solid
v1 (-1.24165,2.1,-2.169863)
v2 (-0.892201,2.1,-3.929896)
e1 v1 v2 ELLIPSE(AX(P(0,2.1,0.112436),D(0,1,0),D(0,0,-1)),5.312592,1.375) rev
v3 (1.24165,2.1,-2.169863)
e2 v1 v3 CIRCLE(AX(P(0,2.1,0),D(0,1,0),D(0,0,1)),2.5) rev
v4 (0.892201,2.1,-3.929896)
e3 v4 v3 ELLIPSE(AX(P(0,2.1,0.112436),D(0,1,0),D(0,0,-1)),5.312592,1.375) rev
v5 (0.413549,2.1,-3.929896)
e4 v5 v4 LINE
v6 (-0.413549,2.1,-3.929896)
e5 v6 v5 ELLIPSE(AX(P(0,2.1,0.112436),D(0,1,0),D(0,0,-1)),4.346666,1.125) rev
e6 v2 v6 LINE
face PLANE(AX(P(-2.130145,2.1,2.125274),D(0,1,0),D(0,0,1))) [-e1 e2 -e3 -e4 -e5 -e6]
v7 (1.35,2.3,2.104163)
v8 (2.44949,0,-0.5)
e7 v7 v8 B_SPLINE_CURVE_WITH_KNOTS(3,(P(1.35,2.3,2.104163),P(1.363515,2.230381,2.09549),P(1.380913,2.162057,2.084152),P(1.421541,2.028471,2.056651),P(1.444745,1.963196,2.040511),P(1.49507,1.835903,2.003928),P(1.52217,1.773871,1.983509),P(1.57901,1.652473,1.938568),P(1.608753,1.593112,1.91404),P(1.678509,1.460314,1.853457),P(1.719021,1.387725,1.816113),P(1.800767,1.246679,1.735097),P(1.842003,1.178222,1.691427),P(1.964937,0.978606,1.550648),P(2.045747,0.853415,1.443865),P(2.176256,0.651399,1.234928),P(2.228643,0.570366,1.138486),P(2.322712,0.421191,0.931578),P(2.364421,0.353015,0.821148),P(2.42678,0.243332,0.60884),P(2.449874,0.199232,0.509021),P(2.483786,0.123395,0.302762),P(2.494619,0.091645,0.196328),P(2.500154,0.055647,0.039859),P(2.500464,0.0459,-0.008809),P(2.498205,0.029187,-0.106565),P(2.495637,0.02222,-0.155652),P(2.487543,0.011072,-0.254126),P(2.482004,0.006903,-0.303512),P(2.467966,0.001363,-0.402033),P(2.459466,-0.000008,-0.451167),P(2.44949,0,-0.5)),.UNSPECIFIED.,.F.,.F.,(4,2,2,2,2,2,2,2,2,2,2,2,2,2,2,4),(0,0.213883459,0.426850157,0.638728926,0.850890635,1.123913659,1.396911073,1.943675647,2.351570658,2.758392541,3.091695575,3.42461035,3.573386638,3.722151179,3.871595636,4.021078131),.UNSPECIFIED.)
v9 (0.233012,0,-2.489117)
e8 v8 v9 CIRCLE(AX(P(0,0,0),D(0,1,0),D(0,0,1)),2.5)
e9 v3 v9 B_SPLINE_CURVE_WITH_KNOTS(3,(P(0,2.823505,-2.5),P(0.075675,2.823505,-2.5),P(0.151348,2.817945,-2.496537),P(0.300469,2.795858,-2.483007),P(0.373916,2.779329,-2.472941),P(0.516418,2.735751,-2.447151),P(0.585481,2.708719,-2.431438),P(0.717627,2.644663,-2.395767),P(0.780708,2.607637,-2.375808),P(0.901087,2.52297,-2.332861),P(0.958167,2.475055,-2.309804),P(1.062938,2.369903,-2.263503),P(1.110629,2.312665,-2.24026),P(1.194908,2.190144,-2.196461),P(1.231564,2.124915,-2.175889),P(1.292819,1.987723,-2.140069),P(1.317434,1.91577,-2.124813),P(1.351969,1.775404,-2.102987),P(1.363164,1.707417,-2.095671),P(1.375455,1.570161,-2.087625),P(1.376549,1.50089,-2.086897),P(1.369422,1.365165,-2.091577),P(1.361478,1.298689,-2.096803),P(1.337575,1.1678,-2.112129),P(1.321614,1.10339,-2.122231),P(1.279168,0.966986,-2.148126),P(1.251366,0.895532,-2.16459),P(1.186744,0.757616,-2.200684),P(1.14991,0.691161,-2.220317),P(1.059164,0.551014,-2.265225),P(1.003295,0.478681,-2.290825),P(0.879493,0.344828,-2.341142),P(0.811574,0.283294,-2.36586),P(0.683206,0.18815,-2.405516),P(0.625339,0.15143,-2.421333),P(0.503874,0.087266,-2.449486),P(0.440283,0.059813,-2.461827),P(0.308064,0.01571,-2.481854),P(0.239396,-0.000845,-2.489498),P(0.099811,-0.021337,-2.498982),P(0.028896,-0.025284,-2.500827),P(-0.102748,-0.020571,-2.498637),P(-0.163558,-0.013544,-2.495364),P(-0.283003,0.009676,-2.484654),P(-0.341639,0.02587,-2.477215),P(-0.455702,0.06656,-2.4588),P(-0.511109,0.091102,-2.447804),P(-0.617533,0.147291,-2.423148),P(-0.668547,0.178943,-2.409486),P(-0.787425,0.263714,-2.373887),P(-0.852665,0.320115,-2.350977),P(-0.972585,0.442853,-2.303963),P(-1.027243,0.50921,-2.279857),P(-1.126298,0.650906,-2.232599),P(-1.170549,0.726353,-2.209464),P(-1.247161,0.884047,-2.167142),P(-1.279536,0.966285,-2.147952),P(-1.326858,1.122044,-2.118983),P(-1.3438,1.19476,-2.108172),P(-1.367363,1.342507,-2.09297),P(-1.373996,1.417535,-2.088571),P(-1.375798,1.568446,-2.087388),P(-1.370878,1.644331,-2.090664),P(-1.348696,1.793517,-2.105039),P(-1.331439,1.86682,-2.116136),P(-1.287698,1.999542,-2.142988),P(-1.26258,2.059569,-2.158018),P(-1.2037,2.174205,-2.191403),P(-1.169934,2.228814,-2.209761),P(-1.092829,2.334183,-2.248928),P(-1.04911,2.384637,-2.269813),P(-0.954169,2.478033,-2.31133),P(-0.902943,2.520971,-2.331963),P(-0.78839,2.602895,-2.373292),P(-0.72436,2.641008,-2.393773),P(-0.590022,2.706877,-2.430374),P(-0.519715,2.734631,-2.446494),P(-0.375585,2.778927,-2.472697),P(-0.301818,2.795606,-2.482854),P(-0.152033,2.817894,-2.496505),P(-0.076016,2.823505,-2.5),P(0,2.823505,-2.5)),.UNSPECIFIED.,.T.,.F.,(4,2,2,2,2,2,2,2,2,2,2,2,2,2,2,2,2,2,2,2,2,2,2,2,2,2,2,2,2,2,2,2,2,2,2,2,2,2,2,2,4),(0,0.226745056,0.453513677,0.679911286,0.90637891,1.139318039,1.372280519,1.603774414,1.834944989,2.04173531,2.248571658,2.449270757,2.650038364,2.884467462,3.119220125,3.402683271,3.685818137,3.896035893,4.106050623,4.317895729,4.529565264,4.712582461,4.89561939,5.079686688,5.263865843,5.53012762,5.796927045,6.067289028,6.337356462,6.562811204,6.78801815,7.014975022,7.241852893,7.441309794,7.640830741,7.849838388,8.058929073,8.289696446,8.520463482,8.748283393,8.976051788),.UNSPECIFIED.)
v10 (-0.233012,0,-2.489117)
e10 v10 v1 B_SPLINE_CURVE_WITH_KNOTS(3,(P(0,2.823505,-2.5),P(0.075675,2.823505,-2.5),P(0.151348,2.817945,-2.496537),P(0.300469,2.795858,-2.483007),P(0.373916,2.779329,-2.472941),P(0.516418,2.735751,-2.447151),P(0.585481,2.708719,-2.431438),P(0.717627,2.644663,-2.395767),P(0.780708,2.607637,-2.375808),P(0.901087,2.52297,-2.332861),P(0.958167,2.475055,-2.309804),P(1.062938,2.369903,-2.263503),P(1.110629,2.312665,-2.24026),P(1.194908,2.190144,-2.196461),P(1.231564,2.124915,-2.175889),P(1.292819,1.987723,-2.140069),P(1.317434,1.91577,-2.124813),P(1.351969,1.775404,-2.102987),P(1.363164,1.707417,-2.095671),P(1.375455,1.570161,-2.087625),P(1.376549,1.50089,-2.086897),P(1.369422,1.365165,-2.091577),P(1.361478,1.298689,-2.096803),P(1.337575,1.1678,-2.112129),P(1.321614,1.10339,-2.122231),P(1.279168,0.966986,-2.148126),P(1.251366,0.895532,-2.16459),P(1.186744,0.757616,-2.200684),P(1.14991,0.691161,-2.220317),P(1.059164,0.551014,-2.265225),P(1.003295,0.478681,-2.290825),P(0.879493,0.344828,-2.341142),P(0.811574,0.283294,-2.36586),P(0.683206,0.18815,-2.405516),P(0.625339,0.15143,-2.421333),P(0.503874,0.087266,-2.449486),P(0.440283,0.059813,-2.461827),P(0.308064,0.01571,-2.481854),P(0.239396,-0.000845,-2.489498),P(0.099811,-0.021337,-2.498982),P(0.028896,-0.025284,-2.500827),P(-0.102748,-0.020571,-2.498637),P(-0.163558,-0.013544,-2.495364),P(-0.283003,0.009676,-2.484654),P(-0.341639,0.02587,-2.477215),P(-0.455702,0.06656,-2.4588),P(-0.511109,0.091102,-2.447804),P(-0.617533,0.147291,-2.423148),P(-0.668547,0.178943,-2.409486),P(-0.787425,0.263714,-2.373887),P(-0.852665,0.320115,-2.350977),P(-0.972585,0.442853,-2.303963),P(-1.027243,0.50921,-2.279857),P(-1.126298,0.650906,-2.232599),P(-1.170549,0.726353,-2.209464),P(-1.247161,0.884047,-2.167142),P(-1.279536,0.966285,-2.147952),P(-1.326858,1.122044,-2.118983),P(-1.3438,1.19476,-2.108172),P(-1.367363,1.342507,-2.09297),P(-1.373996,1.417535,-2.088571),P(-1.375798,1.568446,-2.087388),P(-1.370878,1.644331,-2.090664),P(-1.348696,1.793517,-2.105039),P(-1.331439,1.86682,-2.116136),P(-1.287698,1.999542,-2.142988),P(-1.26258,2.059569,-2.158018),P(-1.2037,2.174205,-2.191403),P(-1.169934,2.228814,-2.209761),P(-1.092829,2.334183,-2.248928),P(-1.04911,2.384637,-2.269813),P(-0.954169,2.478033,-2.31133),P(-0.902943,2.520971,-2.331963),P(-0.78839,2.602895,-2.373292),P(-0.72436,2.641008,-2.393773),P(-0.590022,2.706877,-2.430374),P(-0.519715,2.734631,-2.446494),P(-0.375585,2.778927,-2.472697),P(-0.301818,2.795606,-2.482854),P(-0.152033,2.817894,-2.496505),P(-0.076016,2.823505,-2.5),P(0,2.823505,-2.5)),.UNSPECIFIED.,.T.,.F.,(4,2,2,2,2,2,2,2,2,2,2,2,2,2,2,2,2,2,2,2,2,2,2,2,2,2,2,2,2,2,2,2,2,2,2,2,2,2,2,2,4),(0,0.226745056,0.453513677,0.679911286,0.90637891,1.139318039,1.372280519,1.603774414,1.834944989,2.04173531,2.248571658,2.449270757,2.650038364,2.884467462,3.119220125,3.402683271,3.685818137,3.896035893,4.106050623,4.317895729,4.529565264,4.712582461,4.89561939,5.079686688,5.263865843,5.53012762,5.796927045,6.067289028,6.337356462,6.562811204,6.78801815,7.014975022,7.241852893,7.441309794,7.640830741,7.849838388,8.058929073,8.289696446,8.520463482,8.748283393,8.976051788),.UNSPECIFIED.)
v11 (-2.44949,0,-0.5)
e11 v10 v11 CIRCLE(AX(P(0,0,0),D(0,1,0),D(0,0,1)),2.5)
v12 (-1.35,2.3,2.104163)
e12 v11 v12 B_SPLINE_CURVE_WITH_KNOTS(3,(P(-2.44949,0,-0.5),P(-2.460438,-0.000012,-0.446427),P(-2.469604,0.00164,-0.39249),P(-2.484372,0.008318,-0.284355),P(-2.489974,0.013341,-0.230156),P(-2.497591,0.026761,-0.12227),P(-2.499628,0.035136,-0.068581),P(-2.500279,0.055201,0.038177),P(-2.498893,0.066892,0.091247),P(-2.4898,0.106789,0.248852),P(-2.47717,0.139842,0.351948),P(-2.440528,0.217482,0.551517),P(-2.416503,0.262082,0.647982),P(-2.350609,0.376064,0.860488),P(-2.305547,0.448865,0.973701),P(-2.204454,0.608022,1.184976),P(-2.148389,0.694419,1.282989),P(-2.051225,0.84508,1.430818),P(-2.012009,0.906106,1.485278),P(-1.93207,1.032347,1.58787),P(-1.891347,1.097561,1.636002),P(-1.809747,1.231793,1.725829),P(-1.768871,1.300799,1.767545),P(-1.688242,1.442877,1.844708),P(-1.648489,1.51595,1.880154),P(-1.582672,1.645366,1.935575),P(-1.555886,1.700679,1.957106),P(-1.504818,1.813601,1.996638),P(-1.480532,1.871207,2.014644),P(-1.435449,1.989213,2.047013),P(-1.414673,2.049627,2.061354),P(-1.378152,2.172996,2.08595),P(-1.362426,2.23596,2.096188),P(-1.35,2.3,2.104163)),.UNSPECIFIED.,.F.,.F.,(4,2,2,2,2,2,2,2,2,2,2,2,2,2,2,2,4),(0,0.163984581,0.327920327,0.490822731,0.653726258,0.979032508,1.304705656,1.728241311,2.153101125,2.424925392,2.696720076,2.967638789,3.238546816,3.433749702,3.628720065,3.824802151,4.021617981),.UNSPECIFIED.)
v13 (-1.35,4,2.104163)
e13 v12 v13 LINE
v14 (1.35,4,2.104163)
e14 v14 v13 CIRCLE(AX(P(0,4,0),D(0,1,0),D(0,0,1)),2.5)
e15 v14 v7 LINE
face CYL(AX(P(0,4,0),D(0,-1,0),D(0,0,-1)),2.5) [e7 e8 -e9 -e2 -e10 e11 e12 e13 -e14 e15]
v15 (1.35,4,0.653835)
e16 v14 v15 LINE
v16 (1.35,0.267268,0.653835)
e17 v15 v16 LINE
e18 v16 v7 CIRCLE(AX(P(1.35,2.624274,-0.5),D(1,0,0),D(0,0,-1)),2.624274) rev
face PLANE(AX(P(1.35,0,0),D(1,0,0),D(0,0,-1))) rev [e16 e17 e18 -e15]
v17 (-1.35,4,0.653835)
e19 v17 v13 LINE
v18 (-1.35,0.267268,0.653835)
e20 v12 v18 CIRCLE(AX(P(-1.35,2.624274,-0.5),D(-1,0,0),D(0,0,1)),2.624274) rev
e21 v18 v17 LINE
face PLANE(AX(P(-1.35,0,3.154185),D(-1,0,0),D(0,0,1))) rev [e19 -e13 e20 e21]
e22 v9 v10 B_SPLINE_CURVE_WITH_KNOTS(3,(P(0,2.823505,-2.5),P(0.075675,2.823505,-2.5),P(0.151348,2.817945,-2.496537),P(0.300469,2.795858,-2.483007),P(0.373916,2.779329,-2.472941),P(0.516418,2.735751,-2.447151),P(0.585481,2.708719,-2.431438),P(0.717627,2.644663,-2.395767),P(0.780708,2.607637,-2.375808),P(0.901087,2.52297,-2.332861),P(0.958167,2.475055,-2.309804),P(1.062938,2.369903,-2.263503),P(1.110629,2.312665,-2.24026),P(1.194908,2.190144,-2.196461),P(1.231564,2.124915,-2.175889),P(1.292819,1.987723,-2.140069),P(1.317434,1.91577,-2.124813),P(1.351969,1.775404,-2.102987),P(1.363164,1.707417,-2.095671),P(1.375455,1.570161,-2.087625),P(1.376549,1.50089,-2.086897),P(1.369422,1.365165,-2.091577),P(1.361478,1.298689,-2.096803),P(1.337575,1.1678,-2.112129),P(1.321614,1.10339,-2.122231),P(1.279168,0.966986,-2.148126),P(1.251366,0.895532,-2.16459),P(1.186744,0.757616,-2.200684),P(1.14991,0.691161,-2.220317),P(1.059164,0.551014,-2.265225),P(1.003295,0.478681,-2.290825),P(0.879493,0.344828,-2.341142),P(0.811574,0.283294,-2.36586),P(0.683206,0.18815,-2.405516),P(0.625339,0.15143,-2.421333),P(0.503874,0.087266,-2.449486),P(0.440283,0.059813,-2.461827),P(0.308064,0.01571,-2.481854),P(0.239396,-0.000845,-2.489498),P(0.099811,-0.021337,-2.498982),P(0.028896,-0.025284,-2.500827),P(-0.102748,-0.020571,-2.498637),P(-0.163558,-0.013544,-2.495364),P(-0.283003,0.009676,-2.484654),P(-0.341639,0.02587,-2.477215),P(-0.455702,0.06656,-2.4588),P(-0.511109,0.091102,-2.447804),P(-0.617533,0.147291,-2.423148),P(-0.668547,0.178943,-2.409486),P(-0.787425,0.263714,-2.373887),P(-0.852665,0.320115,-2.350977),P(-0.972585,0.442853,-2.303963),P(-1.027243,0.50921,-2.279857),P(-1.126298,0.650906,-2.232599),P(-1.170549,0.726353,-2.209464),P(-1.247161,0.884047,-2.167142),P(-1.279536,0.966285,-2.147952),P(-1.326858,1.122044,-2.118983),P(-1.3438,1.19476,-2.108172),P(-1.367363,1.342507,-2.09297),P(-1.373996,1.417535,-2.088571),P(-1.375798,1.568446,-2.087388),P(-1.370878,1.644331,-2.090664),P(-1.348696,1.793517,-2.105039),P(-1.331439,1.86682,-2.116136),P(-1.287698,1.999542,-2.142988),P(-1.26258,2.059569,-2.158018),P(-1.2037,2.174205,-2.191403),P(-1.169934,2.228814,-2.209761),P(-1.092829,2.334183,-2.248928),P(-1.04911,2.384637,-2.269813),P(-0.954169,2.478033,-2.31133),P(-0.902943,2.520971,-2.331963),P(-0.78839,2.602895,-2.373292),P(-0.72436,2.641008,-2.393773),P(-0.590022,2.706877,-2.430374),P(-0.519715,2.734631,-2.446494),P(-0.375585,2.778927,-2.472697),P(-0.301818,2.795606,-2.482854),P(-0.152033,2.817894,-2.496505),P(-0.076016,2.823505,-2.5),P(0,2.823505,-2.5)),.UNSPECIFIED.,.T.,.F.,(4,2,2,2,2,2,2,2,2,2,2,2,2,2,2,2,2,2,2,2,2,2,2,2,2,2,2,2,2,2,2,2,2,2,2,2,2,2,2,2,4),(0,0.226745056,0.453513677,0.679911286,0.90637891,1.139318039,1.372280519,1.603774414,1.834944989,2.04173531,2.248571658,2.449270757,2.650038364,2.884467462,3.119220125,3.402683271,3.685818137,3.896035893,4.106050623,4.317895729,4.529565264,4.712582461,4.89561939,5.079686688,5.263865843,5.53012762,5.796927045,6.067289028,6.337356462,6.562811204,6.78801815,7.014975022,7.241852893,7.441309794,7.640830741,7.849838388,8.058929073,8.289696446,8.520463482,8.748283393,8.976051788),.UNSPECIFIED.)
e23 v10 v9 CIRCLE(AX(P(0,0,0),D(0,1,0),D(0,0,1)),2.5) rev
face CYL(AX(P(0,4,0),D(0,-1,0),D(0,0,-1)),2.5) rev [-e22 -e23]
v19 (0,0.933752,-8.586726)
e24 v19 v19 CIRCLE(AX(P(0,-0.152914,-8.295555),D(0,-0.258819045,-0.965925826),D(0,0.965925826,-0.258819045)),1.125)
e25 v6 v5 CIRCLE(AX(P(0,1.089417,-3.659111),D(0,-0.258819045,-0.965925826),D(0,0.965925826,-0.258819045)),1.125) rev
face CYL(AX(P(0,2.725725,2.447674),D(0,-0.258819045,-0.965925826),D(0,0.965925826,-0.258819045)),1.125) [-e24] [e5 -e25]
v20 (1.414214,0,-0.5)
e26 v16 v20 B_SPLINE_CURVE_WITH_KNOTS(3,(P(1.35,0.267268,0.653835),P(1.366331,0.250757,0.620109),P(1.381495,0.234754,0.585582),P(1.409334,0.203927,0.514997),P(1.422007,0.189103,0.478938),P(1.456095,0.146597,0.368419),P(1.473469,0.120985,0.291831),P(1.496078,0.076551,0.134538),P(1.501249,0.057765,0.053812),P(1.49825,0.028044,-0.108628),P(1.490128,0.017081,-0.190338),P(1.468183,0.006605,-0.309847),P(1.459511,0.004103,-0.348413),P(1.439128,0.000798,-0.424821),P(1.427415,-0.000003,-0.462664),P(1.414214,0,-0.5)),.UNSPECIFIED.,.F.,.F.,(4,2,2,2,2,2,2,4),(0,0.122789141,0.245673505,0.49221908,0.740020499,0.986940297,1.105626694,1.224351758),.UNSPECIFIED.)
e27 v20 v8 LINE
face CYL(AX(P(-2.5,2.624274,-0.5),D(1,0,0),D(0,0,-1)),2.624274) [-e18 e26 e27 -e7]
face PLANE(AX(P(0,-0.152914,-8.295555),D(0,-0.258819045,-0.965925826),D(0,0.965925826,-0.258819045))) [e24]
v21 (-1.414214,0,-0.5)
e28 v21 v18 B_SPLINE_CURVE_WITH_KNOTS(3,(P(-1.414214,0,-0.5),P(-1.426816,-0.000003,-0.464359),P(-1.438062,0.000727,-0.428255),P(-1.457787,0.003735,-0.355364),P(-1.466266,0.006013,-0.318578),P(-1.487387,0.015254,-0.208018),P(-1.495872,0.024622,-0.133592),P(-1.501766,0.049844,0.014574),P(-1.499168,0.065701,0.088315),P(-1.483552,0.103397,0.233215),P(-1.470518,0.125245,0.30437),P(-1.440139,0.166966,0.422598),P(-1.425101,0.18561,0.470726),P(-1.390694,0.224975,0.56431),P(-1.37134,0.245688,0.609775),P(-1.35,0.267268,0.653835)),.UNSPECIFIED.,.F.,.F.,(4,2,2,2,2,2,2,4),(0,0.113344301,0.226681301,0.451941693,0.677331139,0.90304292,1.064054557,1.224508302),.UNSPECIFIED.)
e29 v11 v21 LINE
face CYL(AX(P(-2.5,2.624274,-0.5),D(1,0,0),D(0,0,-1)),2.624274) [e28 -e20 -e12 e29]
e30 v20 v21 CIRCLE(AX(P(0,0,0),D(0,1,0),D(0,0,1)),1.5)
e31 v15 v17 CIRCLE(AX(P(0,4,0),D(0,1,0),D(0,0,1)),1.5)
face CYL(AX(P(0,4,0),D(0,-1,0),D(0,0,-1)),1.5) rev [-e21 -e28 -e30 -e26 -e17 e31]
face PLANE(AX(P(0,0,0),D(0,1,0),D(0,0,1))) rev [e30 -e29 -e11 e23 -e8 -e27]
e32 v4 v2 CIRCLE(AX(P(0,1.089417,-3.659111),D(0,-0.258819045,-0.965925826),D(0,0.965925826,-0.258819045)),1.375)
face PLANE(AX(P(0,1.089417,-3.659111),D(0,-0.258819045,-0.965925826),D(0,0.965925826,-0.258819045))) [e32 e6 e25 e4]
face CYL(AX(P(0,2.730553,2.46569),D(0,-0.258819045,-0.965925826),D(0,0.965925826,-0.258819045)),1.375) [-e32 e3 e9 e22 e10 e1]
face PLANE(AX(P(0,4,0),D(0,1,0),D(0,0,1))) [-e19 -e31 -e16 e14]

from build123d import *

# Parameters (mm, degrees)
SKETCH1_R                = 2.5
SKETCH1_R_2              = 1.5
BOSS_EXTRUDE1_DEPTH      = 4
SKETCH2_W                = 2.7
SKETCH2_H                = 3.154184917
CUT_EXTRUDE1_DEPTH       = 6.338539126
CUT_EXTRUDE2_DEPTH       = 9.860022573
BOSS_EXTRUDE2_REACH      = 13.474
BOSS_EXTRUDE2_END_RADIUS = 2.5
SKETCH5_R                = 1.125
BOSS_EXTRUDE3_REACH      = 18.274
BOSS_EXTRUDE3_END_RADIUS = 2.5
BOSS_EXTRUDE3_START      = -4.8
SKETCH6_R                = 1.375
CUT_EXTRUDE3_REACH       = 14.991
CUT_EXTRUDE3_END_RADIUS  = 2.5


with BuildPart() as part:
    # Sketch1 → Boss-Extrude1 (new body)
    with BuildSketch(Plane(origin=(0, 0, 0), x_dir=(1, 0, 0), z_dir=(0, 1, 0))):
        with Locations(Location((0, 0, 0), (0, 0, 270))):
            Circle(SKETCH1_R)
        with Locations(Location((0, 0, 0), (0, 0, 270))):
            Circle(SKETCH1_R_2, mode=Mode.SUBTRACT)
    extrude(amount=BOSS_EXTRUDE1_DEPTH)

    # Sketch2 → Cut-Extrude1 (cut, through all)
    with BuildSketch(Plane(origin=(0, 4, 0), x_dir=(1, 0, 0), z_dir=(0, 1, 0))):
        with Locations((0, -1.577092459)):
            Rectangle(SKETCH2_W, SKETCH2_H)
    extrude(amount=-CUT_EXTRUDE1_DEPTH, mode=Mode.SUBTRACT)

    # Sketch3 → Cut-Extrude2 (cut, through all)
    with BuildSketch(Plane(origin=(5, 0, 0), x_dir=(0, 0, -1), z_dir=(1, 0, 0))):
        with BuildLine():
            Line((-2.104162541, 2.3), (-2.104162541, 0))
            Line((-2.104162541, 0), (0.5, 0))
            ThreePointArc((0.5, 0), (-1.237214908, 0.657322297), (-2.104162541, 2.3))
        make_face()
    extrude(amount=-CUT_EXTRUDE2_DEPTH, mode=Mode.SUBTRACT)

    # Boss-Extrude2: up to this cylinder (the profile starts outside it)
    boss_extrude2_end = Plane(origin=(0, -0.152914, 0), z_dir=(0, -1, 0)) * Cylinder(BOSS_EXTRUDE2_END_RADIUS, 32.948, mode=Mode.PRIVATE)
    # Sketch5 → Boss-Extrude2 (add, up to the surface)
    with BuildSketch(Plane(origin=(0, -0.152914271, -8.295554958), x_dir=(-1, 0, 0), z_dir=(0, -0.2588190451025248, -0.9659258262890673)), mode=Mode.PRIVATE) as boss_extrude2_sk1:
        with Locations(Location((0, 0, 0), (0, 0, 90))):
            Circle(SKETCH5_R)
    boss_extrude2_tool1 = extrude(boss_extrude2_sk1.sketch, amount=-BOSS_EXTRUDE2_REACH, mode=Mode.PRIVATE) - boss_extrude2_end
    add(boss_extrude2_tool1.solids().sort_by_distance((0, -0.152914, -8.295555))[0])

    # Boss-Extrude3: up to this cylinder (the profile starts outside it)
    boss_extrude3_end = Plane(origin=(0, 1.089417, 0), z_dir=(0, -1, 0)) * Cylinder(BOSS_EXTRUDE3_END_RADIUS, 42.548, mode=Mode.PRIVATE)
    # Sketch6 → Boss-Extrude3 (add, up to the surface)
    with BuildSketch(Plane(origin=(0, -0.152914271, -8.295554958), x_dir=(-1, 0, 0), z_dir=(0, -0.2588190451025248, -0.9659258262890673)).offset(BOSS_EXTRUDE3_START), mode=Mode.PRIVATE) as boss_extrude3_sk1:
        with Locations(Location((0, 0, 0), (0, 0, 90))):
            Circle(SKETCH6_R)
    boss_extrude3_tool1 = extrude(boss_extrude3_sk1.sketch, amount=-BOSS_EXTRUDE3_REACH, mode=Mode.PRIVATE) - boss_extrude3_end
    add(boss_extrude3_tool1.solids().sort_by_distance((0, 1.089417, -3.659111))[0])

    # Cut-Extrude3: up to this cylinder (the profile starts outside it)
    cut_extrude3_end = Plane(origin=(0, 3.059919, 0), z_dir=(0, -1, 0)) * Cylinder(CUT_EXTRUDE3_END_RADIUS, 35.982, mode=Mode.PRIVATE)
    # Sketch7 → Cut-Extrude3 (cut, up to the surface)
    with BuildSketch(Plane.XY.offset(-10), mode=Mode.PRIVATE) as cut_extrude3_sk1:
        Polygon((0, 4.019838564), (-2.13014509, 4.019838564), (-2.13014509, 2.1), (2.0800272, 2.1), (2.0800272, 4.019838564), align=None)
    cut_extrude3_tool1 = extrude(cut_extrude3_sk1.sketch, amount=CUT_EXTRUDE3_REACH, mode=Mode.PRIVATE) - cut_extrude3_end
    add(cut_extrude3_tool1.solids().sort_by_distance((-0.025059, 3.059919, -10))[0], mode=Mode.SUBTRACT)


solid = part.part
